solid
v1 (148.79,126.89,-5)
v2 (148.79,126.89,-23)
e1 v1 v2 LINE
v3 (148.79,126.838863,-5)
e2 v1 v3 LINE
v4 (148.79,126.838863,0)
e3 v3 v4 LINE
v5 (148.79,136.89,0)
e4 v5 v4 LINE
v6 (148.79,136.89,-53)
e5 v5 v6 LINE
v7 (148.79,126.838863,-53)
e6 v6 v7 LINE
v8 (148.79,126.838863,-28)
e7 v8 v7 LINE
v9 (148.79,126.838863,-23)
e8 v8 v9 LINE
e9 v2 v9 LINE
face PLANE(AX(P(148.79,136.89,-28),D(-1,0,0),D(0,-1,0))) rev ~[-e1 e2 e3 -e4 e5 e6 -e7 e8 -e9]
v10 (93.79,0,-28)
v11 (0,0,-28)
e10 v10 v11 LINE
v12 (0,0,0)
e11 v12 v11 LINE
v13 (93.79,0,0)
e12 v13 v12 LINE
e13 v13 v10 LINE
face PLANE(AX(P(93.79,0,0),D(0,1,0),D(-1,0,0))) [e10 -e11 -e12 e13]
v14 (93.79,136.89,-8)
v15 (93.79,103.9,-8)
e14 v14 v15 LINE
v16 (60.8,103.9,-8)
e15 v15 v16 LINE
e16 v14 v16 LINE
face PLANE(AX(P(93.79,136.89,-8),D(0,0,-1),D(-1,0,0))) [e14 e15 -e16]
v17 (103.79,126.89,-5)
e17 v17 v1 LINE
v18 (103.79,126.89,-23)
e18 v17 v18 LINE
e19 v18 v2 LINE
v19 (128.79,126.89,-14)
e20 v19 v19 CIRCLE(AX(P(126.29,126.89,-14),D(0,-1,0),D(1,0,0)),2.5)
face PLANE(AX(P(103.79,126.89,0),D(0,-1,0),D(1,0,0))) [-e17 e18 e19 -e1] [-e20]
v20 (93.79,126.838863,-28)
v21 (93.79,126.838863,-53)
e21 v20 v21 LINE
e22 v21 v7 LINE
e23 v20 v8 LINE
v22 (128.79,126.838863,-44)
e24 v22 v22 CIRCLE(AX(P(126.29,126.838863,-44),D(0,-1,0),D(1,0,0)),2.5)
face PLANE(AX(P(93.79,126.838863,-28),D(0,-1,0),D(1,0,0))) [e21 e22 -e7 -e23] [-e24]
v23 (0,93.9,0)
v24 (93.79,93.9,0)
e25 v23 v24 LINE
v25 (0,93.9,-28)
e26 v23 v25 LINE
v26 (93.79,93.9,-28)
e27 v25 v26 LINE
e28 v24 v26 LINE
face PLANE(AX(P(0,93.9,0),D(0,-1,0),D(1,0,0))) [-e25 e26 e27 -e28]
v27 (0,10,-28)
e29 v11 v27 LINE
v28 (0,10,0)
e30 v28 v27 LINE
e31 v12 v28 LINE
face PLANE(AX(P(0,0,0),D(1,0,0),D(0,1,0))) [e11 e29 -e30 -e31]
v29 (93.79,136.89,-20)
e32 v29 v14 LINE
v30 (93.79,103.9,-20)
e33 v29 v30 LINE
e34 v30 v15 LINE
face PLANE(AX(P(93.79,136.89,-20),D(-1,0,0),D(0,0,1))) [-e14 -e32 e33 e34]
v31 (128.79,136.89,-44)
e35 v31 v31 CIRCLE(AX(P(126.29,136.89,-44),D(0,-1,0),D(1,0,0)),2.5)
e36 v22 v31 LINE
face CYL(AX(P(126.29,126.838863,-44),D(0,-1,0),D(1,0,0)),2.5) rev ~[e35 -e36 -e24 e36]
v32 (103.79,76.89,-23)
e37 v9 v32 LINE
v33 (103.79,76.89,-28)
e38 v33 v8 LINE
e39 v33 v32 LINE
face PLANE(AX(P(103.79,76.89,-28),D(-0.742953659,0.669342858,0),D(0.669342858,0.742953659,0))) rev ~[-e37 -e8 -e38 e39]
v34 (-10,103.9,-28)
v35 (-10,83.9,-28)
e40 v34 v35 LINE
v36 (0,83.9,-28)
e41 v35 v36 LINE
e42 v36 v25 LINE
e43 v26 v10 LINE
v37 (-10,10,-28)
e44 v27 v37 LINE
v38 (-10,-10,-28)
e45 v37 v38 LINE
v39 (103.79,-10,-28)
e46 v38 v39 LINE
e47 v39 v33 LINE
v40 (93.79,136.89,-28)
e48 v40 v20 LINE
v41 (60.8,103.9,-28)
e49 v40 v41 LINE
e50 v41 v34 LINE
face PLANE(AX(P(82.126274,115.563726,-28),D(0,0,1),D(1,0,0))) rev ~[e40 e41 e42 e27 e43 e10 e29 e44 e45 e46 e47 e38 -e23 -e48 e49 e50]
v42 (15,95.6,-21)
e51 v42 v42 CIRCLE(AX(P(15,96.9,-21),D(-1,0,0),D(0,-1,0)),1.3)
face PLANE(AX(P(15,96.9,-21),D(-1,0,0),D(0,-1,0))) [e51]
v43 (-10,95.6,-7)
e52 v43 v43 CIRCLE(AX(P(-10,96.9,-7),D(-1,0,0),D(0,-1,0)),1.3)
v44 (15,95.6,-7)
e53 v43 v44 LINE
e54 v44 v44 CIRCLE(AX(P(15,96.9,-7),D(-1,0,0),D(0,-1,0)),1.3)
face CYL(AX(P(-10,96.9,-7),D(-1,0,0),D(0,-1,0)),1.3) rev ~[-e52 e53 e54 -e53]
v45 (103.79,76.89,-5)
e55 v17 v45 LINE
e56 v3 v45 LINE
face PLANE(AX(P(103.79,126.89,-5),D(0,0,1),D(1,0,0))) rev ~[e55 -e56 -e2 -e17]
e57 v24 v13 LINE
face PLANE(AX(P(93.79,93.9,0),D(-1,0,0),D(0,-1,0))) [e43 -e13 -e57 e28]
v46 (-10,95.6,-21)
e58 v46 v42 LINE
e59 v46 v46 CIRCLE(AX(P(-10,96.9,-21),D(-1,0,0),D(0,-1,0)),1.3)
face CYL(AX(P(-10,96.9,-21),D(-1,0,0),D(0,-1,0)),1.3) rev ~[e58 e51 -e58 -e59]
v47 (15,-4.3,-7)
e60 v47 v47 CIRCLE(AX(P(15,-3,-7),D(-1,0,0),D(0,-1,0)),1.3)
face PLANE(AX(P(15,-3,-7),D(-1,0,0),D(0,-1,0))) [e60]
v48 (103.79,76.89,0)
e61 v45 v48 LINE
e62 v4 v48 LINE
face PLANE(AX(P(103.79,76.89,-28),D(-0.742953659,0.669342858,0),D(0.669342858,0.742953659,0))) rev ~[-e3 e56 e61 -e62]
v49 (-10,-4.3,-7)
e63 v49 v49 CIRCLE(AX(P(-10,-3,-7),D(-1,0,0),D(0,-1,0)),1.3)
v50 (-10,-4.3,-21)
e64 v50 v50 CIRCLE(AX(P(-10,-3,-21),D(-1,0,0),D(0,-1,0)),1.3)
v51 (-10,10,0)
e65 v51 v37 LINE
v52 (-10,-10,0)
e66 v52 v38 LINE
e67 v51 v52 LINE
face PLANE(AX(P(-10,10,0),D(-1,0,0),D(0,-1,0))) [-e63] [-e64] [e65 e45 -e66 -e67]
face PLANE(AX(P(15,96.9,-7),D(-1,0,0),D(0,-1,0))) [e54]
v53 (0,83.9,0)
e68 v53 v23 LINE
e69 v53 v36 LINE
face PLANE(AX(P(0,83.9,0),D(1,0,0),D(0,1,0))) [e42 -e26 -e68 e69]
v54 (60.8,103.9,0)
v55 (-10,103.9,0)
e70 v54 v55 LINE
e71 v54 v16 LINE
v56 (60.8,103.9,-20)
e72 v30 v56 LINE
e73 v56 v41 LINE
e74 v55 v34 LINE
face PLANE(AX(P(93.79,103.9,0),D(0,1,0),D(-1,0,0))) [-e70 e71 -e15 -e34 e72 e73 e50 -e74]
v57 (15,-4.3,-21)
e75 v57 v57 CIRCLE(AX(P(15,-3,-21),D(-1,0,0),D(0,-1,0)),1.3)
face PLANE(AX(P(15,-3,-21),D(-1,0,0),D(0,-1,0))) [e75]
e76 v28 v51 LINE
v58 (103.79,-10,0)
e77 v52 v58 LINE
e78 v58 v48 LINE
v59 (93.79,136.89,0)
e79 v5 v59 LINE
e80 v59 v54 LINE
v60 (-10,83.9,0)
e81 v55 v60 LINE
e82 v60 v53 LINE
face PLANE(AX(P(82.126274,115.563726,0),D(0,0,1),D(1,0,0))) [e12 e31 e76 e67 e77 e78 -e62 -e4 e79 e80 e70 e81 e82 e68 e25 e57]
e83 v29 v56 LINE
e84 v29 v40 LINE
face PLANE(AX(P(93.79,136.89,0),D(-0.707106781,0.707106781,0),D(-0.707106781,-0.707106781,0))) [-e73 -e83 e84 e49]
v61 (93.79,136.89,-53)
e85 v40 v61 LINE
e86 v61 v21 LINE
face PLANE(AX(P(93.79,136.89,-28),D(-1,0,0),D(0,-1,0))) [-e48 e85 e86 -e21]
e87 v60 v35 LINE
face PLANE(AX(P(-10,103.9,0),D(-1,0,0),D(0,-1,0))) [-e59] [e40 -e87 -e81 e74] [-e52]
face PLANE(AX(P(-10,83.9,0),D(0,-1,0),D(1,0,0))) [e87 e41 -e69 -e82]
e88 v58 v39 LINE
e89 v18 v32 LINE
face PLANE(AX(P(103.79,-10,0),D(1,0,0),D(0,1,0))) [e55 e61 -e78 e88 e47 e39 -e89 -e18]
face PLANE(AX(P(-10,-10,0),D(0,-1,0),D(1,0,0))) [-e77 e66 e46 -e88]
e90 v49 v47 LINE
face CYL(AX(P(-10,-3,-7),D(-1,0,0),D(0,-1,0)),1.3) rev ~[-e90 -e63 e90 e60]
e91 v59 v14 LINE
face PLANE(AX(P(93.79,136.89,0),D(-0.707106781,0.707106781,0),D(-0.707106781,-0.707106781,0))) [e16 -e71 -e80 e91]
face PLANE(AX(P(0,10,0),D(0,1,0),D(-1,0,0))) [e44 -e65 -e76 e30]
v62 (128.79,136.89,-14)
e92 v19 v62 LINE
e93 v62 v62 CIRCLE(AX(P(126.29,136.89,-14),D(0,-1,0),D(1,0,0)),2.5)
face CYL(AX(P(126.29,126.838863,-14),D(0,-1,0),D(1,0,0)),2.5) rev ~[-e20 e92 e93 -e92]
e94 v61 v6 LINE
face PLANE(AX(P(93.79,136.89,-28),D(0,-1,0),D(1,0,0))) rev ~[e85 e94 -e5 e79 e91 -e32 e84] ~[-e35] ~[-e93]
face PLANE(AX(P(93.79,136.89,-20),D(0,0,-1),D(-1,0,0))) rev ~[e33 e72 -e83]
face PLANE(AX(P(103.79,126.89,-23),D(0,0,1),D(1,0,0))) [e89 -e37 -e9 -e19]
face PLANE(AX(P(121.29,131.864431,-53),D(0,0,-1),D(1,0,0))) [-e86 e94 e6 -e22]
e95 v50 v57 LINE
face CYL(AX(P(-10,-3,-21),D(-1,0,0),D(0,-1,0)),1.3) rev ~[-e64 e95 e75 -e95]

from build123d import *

# Parameters (mm, degrees)
F1_DEPTH  = 28
F2_W      = 45
F2_H      = 5
F3_DEPTH  = 50
F5_DEPTH  = 28.001
F7_DEPTH  = 28
F8_W      = 37.4603138711
F8_H      = 12
F9_DEPTH  = 32.99
F10_W     = 55
F10_H     = 10.051137104
F11_DEPTH = 25
F12_R     = 2.5
F13_DEPTH = 10.052137104
F14_R     = 1.3
F15_DEPTH = 25


with BuildPart() as f1:
    # F0 (on Top) → F1 (new body)
    with BuildSketch(Plane.XY):
        Polygon((93.79, 0), (0, 0), (0, 10), (-10, 10), (-10, -10), (103.79, -10), (103.79, 126.89), (148.79, 126.89), (148.79, 136.89), (93.79, 136.89), (93.79, 103.9), (-10, 103.9), (-10, 83.9), (0, 83.9), (0, 93.9), (93.79, 93.9), align=None)
    extrude(amount=-F1_DEPTH)

    # F2 (on face) → F3 (join)
    with BuildSketch(Plane.XZ.offset(-126.89)):
        with Locations((126.29, -2.5)):
            Rectangle(F2_W, F2_H)
        with Locations((126.29, -25.5)):
            Rectangle(F2_W, F2_H)
    extrude(amount=F3_DEPTH)

    # F4 (on face) → F5 (cut, through all)
    with BuildSketch(Plane(origin=(0, 0, -28), x_dir=(1, 0, 0), z_dir=(0, 0, -1))):
        Polygon((105.9448644519, -76.89), (103.79, -76.89), (148.79, -126.838862896), (148.79, -76.89), align=None)
    extrude(amount=-F5_DEPTH, mode=Mode.SUBTRACT)

    # F6 (on face) → F7 (join)
    with BuildSketch(Plane.XY):
        Polygon((93.79, 103.9), (93.79, 136.89), (60.8, 103.9), align=None)
    extrude(amount=-F7_DEPTH)

    # F8 (on face) → F9 (cut)
    with BuildSketch(Plane(origin=(0, 136.89, 0), x_dir=(-1, 0, 0), z_dir=(0, 1, 0))):
        with Locations((-75.0598430644, -14)):
            Rectangle(F8_W, F8_H)
    extrude(amount=-F9_DEPTH, mode=Mode.SUBTRACT)

    # F10 (on face) → F11 (join)
    with BuildSketch(Plane(origin=(0, 0, -28), x_dir=(1, 0, 0), z_dir=(0, 0, -1))):
        with Locations((121.29, -131.864431448)):
            Rectangle(F10_W, F10_H)
    extrude(amount=F11_DEPTH)

    # F12 (on face) → F13 (cut, through all)
    with BuildSketch(Plane.XZ.offset(-126.838862896)):
        with Locations((126.29, -14)):
            Circle(F12_R)
        with Locations((126.29, -44)):
            Circle(F12_R)
    extrude(amount=-F13_DEPTH, mode=Mode.SUBTRACT)

    # F14 (on face) → F15 (cut)
    with BuildSketch(Plane(origin=(-10, 0, 0), x_dir=(0, -1, 0), z_dir=(-1, 0, 0))):
        with Locations((-96.9, -7)):
            Circle(F14_R)
        with Locations((-96.9, -21)):
            Circle(F14_R)
        with Locations((3, -7)):
            Circle(F14_R)
        with Locations((3, -21)):
            Circle(F14_R)
    extrude(amount=-F15_DEPTH, mode=Mode.SUBTRACT)


solid = f1.part
